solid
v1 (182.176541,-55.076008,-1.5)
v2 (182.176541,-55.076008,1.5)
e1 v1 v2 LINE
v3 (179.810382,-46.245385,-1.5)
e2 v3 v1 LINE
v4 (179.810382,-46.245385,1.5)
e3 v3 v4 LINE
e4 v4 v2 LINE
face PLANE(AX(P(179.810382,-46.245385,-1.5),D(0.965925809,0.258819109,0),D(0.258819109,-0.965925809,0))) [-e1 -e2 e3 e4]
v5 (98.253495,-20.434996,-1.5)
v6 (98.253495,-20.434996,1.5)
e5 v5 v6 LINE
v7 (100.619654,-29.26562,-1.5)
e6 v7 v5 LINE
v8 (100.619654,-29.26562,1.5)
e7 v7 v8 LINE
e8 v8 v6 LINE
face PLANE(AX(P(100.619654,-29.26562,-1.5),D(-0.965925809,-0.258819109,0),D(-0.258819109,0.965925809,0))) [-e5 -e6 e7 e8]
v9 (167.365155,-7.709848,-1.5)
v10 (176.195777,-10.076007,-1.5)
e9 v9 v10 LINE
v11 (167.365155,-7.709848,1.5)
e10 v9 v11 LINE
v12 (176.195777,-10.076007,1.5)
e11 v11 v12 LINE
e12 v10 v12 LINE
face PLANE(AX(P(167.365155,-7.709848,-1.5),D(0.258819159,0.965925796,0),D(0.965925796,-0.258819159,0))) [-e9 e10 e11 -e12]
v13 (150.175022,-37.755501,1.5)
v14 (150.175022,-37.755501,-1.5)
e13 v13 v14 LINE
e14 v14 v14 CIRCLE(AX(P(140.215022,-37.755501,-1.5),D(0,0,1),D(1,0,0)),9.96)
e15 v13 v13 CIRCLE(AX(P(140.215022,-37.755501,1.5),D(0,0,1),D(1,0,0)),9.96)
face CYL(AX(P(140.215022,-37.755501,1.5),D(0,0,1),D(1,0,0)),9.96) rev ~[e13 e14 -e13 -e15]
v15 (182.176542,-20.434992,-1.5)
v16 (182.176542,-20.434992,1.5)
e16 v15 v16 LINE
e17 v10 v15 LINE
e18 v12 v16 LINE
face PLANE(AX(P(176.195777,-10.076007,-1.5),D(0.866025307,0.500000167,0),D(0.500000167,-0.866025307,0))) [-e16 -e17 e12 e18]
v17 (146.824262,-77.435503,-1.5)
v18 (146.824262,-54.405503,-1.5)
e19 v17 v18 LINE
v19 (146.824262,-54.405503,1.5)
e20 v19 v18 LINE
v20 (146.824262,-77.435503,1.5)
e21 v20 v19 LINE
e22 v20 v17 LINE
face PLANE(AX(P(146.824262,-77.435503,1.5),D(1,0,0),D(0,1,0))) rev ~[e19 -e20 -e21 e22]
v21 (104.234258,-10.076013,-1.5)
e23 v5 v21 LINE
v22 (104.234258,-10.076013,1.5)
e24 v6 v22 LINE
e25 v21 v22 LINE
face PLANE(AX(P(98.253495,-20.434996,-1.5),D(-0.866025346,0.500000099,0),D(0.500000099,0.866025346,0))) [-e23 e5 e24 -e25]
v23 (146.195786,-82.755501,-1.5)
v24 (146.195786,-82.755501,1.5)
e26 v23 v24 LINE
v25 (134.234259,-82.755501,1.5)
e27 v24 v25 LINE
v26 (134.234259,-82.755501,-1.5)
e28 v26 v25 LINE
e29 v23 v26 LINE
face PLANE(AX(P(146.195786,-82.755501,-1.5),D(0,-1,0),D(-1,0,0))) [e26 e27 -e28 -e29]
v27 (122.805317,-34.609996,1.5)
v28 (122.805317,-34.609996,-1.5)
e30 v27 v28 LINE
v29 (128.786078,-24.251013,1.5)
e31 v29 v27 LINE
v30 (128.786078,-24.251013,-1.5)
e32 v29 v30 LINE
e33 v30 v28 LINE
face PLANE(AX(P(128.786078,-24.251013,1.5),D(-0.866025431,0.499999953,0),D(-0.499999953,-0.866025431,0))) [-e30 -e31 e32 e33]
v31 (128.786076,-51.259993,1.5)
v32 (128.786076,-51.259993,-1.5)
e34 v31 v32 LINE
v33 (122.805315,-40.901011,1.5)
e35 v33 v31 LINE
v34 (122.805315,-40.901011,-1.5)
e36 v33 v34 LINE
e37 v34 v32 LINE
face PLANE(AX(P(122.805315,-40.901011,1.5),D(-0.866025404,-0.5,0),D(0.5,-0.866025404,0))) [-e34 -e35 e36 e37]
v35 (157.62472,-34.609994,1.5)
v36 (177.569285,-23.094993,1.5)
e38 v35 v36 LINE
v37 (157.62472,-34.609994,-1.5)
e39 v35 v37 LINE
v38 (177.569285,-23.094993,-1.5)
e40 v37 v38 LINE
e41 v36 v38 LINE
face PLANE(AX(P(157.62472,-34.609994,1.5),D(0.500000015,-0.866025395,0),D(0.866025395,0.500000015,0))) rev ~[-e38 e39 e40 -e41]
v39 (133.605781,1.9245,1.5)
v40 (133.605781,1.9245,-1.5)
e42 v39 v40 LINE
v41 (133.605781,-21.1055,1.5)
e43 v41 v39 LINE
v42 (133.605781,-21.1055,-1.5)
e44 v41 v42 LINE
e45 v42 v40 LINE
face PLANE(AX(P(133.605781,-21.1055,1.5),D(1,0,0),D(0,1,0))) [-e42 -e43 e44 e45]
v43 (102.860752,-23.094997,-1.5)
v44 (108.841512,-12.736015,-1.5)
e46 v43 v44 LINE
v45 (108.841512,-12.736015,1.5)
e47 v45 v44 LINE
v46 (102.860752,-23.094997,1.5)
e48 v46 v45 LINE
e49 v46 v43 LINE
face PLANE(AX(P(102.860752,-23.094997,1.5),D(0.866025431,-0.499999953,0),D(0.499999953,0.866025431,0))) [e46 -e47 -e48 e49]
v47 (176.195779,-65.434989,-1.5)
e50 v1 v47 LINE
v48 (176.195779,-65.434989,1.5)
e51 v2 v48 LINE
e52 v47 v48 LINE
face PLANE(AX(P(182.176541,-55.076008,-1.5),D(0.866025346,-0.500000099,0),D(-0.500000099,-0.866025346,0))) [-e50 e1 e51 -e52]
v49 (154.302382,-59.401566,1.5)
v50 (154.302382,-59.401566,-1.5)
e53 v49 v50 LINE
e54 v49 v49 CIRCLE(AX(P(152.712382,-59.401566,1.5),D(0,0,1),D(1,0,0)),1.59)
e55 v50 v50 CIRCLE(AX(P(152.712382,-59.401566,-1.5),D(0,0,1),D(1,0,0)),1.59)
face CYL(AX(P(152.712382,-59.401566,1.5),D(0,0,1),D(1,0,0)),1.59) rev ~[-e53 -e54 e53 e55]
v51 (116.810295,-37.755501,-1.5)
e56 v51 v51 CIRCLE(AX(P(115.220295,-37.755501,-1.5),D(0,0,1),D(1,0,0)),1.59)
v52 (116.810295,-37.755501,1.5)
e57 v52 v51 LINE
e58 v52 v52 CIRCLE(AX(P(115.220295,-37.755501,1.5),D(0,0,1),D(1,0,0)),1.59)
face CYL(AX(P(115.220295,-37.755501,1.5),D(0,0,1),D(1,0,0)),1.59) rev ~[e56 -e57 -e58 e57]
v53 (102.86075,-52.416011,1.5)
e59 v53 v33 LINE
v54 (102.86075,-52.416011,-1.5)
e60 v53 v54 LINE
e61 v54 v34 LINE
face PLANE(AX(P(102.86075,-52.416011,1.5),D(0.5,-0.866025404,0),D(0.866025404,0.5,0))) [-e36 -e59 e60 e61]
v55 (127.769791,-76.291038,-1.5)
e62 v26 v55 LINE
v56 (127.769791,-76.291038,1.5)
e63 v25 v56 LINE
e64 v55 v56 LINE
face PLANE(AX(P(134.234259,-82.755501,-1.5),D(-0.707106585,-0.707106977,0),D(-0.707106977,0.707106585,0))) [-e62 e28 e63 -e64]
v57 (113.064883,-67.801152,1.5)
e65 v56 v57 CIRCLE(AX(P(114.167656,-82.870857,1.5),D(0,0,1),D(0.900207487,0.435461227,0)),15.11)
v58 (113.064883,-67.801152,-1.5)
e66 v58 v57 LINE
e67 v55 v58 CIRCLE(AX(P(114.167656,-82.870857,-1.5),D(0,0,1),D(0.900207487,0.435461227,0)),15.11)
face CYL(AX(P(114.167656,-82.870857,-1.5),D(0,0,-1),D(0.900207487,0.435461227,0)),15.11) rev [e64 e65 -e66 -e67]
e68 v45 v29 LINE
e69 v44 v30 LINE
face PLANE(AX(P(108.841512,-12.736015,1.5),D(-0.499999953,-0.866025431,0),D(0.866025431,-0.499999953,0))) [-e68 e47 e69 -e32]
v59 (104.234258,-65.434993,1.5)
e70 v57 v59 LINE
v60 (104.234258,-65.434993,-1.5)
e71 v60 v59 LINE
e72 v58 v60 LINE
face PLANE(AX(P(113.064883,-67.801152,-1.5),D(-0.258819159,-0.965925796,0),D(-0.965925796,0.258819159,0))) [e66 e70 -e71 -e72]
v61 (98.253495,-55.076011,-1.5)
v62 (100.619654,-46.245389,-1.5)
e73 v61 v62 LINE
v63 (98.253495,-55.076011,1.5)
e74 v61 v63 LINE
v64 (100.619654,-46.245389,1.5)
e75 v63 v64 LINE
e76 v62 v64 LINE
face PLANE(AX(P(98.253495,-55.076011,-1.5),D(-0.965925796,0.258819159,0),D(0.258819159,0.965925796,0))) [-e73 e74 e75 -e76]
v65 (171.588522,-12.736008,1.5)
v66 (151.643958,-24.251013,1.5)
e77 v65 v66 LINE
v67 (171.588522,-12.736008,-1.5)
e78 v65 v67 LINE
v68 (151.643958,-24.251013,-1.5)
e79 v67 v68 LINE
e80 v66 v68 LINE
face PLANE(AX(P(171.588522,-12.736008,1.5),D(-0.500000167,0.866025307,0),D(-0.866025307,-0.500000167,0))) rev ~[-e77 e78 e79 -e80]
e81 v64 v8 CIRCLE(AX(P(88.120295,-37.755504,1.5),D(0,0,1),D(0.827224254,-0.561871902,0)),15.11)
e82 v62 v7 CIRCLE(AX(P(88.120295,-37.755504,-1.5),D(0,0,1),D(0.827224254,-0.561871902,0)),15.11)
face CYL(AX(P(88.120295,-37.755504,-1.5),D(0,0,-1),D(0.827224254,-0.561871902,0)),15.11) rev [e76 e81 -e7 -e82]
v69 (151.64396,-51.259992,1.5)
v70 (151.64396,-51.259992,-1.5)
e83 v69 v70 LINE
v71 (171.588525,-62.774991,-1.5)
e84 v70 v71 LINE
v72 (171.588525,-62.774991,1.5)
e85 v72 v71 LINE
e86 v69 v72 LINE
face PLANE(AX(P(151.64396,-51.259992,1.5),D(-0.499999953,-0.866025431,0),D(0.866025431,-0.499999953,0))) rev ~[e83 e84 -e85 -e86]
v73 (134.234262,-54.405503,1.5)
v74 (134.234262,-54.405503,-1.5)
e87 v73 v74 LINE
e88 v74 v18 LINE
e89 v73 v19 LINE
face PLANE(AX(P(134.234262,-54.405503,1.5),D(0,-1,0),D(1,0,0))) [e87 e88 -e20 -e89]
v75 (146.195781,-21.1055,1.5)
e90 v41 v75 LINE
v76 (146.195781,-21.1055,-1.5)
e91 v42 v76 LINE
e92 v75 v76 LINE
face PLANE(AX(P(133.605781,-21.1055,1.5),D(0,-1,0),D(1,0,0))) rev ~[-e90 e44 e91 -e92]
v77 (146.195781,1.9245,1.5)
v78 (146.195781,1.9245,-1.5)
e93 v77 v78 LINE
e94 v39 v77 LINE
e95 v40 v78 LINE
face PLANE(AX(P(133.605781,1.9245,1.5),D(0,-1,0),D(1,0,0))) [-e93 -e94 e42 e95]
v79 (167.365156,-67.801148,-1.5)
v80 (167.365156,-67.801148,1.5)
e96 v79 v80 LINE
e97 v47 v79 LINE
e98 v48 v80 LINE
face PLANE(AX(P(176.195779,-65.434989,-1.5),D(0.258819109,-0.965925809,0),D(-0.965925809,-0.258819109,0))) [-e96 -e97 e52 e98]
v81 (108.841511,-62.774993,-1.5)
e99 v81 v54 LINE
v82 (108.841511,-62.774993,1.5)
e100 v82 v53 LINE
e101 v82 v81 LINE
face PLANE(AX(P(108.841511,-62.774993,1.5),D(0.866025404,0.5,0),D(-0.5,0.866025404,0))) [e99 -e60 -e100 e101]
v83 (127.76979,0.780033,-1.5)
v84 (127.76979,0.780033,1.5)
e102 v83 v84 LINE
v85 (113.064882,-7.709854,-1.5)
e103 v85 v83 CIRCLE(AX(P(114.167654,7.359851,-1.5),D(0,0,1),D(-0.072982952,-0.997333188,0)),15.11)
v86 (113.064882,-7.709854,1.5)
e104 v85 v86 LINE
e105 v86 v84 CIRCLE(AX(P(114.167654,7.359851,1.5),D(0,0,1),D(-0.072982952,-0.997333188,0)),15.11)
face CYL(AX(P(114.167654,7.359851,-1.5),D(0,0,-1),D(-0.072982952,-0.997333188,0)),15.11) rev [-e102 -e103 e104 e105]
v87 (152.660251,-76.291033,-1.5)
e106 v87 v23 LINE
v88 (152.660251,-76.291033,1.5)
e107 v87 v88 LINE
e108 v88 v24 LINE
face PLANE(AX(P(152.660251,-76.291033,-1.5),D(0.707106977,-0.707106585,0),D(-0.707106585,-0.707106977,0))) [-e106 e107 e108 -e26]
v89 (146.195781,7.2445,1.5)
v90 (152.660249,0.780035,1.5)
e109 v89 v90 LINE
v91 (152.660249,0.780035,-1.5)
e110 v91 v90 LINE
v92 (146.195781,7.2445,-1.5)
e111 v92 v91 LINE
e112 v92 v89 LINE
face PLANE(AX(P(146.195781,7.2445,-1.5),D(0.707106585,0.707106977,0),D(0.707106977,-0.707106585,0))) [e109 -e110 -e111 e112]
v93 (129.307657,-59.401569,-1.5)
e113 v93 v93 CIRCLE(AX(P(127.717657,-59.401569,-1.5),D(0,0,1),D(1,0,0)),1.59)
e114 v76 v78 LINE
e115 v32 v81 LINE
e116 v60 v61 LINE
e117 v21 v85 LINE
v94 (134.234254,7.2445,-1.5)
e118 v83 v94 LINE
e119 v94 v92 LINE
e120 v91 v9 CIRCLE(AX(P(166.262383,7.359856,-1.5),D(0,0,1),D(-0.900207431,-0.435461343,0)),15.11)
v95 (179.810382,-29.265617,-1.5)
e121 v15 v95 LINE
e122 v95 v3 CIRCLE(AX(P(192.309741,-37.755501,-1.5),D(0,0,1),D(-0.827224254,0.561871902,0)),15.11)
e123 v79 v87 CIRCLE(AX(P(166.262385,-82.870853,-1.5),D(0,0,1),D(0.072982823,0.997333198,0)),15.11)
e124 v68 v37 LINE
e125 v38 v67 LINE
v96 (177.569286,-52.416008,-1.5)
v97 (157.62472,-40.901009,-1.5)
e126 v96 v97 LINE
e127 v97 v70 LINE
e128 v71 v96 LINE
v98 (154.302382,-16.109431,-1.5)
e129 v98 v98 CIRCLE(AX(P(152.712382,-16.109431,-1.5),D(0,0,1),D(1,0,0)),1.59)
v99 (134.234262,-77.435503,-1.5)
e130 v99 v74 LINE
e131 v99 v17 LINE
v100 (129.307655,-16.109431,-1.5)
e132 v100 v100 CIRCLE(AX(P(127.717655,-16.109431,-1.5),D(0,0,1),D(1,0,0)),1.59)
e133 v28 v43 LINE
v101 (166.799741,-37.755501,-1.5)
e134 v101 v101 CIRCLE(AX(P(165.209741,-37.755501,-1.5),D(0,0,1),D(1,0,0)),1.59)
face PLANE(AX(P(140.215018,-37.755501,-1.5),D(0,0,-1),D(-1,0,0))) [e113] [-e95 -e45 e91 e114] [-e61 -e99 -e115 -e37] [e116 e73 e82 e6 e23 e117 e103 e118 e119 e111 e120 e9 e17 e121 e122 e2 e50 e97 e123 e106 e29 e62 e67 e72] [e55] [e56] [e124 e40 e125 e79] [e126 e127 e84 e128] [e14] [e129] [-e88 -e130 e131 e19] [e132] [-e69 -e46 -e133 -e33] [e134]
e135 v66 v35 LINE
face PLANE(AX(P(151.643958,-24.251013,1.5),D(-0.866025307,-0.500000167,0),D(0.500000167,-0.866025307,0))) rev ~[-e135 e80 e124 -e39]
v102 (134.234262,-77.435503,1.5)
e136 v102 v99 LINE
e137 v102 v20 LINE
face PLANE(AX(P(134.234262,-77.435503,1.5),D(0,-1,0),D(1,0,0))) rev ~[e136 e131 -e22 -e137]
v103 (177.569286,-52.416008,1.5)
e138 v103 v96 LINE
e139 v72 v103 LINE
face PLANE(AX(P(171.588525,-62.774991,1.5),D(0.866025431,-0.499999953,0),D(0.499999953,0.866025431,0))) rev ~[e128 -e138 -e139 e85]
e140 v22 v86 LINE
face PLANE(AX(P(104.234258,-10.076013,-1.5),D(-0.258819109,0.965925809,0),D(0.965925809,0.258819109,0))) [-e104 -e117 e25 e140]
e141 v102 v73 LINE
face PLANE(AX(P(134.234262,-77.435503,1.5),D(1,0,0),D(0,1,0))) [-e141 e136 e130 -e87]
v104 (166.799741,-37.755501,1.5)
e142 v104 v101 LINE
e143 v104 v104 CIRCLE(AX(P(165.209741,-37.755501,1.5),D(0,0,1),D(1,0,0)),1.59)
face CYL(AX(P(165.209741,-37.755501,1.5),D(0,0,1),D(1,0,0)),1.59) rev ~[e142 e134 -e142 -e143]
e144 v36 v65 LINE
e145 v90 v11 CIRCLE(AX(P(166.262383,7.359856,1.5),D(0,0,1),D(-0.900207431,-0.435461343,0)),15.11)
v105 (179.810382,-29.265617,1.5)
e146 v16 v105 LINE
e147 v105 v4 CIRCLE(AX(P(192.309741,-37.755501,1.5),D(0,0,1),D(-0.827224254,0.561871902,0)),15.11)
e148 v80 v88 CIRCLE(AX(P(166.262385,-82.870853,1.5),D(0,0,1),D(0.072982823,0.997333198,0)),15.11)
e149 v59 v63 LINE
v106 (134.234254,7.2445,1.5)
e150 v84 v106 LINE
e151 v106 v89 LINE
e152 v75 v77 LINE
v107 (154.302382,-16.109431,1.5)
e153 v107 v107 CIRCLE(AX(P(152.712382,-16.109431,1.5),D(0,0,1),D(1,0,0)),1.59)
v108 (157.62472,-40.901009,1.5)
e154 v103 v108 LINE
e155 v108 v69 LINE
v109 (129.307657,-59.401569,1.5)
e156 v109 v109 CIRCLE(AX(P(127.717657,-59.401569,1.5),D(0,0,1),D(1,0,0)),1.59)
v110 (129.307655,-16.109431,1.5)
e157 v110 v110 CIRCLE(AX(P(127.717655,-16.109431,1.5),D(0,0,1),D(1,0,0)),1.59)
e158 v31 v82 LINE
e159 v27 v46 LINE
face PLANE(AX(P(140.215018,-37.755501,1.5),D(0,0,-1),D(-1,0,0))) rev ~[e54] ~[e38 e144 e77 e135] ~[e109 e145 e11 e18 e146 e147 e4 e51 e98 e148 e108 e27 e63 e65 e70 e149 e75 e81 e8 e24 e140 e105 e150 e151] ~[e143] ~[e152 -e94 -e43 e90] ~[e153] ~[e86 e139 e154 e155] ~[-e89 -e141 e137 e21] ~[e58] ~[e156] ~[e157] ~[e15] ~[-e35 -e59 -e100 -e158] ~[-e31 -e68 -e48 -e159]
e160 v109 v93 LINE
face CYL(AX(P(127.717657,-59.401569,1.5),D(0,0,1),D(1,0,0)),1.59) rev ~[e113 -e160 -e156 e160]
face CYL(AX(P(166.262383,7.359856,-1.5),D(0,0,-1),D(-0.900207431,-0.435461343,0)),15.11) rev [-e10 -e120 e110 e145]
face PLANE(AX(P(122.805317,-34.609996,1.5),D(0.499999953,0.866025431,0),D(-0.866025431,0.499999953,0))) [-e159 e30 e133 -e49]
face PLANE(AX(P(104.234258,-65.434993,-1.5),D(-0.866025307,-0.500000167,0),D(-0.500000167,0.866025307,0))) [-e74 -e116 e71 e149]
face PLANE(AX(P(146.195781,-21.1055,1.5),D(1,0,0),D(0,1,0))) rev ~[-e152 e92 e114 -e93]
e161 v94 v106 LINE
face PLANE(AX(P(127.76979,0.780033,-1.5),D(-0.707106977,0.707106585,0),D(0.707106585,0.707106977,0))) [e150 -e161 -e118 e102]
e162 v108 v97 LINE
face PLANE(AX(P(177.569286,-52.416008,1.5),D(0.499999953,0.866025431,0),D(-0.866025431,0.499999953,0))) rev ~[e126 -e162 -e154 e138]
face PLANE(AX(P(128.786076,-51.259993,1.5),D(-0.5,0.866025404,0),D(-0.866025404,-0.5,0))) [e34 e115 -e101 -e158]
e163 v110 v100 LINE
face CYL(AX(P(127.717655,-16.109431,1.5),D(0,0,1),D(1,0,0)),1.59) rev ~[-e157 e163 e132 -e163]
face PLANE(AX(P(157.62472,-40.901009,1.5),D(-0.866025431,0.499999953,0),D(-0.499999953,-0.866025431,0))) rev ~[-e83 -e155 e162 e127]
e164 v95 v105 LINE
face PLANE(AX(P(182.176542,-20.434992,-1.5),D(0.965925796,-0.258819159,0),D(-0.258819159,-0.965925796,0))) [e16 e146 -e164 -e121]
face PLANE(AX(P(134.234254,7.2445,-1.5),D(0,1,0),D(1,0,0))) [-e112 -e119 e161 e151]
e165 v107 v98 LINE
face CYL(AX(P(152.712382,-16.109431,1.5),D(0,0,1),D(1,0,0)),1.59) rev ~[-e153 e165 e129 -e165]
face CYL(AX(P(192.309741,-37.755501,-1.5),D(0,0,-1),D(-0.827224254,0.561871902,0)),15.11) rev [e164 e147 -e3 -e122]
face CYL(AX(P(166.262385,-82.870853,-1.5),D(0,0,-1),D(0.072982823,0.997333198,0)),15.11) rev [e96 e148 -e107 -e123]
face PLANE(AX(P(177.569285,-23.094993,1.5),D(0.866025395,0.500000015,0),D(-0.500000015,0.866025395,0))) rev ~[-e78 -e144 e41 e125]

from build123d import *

# Parameters (mm, degrees)
BOSS_EXTRUDE1_DEPTH      = 1.5
BOSS_EXTRUDE1_DEPTH_BACK = 1.5
SKETCH2_W                = 12.59
SKETCH2_H                = 23.03
CUT_EXTRUDE1_DEPTH       = 3
SKETCH3_W                = 12.59
SKETCH3_H                = 23.03
CUT_EXTRUDE2_DEPTH       = 3
CUT_EXTRUDE3_DEPTH       = 3
CUT_EXTRUDE4_DEPTH       = 3
CUT_EXTRUDE5_DEPTH       = 3
CUT_EXTRUDE6_DEPTH       = 3
SKETCH8_R                = 9.96
CUT_EXTRUDE7_DEPTH       = 3
SKETCH9_R                = 1.59
CUT_EXTRUDE8_DEPTH       = 3
SKETCH10_R               = 1.59
CUT_EXTRUDE9_DEPTH       = 3


with BuildPart() as part:
    # Sketch1 → Boss-Extrude1 (new, two sides: drawn at the far end of the back side and taken through both)
    with BuildSketch(Plane.XY.offset(-BOSS_EXTRUDE1_DEPTH_BACK)):
        with BuildLine():
            Line((98.253494636, -20.43499635), (104.23425822, -10.0760127))
            Line((104.23425822, -10.0760127), (113.064881921, -7.709853588))
            ThreePointArc((113.064881921, -7.709853588), (121.722656845, -5.725791507), (127.769789966, 0.780032806))
            Line((127.769789966, 0.780032806), (134.234253695, 7.24450012))
            Line((134.234253695, 7.24450012), (146.195780864, 7.24450012))
            Line((146.195780864, 7.24450012), (152.660249109, 0.78003546))
            ThreePointArc((152.660249109, 0.78003546), (158.707381887, -5.725786628), (167.365155021, -7.709848177))
            Line((167.365155021, -7.709848177), (176.195776859, -10.076007288))
            Line((176.195776859, -10.076007288), (182.176542181, -20.434992087))
            Line((182.176542181, -20.434992087), (179.810382355, -29.265616594))
            ThreePointArc((179.810382355, -29.265616594), (177.199740829, -37.75550103), (179.810382355, -46.245385467))
            Line((179.810382355, -46.245385467), (182.176541113, -55.07600785))
            Line((182.176541113, -55.07600785), (176.195778722, -65.434989434))
            Line((176.195778722, -65.434989434), (167.365155827, -67.801148329))
            ThreePointArc((167.365155827, -67.801148329), (158.707382848, -69.785210553), (152.660250576, -76.291033111))
            Line((152.660250576, -76.291033111), (146.195785916, -82.755501356))
            Line((146.195785916, -82.755501356), (134.234258747, -82.755501356))
            Line((134.234258747, -82.755501356), (127.769791434, -76.291037627))
            ThreePointArc((127.769791434, -76.291037627), (121.722657806, -69.785213784), (113.064882728, -67.801152377))
            Line((113.064882728, -67.801152377), (104.23425822, -65.434992551))
            Line((104.23425822, -65.434992551), (98.253494636, -55.076010763))
            Line((98.253494636, -55.076010763), (100.619653747, -46.245388924))
            ThreePointArc((100.619653747, -46.245388924), (103.230295273, -37.755504488), (100.619653747, -29.265620052))
            Line((100.619653747, -29.265620052), (98.253494636, -20.43499635))
        make_face()
    extrude(amount=BOSS_EXTRUDE1_DEPTH + BOSS_EXTRUDE1_DEPTH_BACK)

    # Sketch2 → Cut-Extrude1 (cut)
    with BuildSketch(Plane.XY.offset(1.5)):
        with Locations((139.900780864, -9.59049988)):
            Rectangle(SKETCH2_W, SKETCH2_H)
    extrude(amount=-CUT_EXTRUDE1_DEPTH, mode=Mode.SUBTRACT)

    # Sketch3 → Cut-Extrude2 (cut)
    with BuildSketch(Plane.XY.offset(1.5)):
        with Locations((140.529262159, -65.920502947)):
            Rectangle(SKETCH3_W, SKETCH3_H)
    extrude(amount=-CUT_EXTRUDE2_DEPTH, mode=Mode.SUBTRACT)

    # Sketch4 → Cut-Extrude3 (cut)
    with BuildSketch(Plane.XY.offset(1.5)):
        Polygon((171.588522223, -12.736008176), (151.64395758, -24.251013064), (157.624720423, -34.609993567), (177.569285268, -23.094993214), align=None)
    extrude(amount=-CUT_EXTRUDE3_DEPTH, mode=Mode.SUBTRACT)

    # Sketch5 → Cut-Extrude4 (cut)
    with BuildSketch(Plane.XY.offset(1.5)):
        Polygon((102.86074998, -52.416011103), (122.80531503, -40.901011103), (128.786075877, -51.259992759), (108.841510828, -62.774992759), align=None)
    extrude(amount=-CUT_EXTRUDE4_DEPTH, mode=Mode.SUBTRACT)

    # Sketch6 → Cut-Extrude5 (cut)
    with BuildSketch(Plane.XY.offset(1.5)):
        Polygon((108.841512319, -12.736014517), (128.78607799, -24.25101344), (122.805317347, -34.609996033), (102.860751676, -23.094997111), align=None)
    extrude(amount=-CUT_EXTRUDE5_DEPTH, mode=Mode.SUBTRACT)

    # Sketch7 → Cut-Extrude6 (cut)
    with BuildSketch(Plane.XY.offset(1.5)):
        Polygon((151.643959507, -51.25999177), (171.588525178, -62.774990693), (177.569285821, -52.416008099), (157.62472015, -40.901009176), align=None)
    extrude(amount=-CUT_EXTRUDE6_DEPTH, mode=Mode.SUBTRACT)

    # Sketch8 → Cut-Extrude7 (cut)
    with BuildSketch(Plane.XY.offset(1.5)):
        with Locations((140.215021511, -37.755501414)):
            Circle(SKETCH8_R)
    extrude(amount=-CUT_EXTRUDE7_DEPTH, mode=Mode.SUBTRACT)

    # Sketch9 → Cut-Extrude8 (cut)
    with BuildSketch(Plane.XY.offset(1.5)):
        with Locations((127.717657389, -59.401568952)):
            Circle(SKETCH9_R)
    extrude(amount=-CUT_EXTRUDE8_DEPTH, mode=Mode.SUBTRACT)

    # Sketch10 → Cut-Extrude9 (cut)
    with BuildSketch(Plane.XY.offset(1.5)):
        with Locations((152.712382304, -16.10943146)):
            Circle(SKETCH10_R)
        with Locations((165.209740829, -37.75550103)):
            Circle(SKETCH10_R)
        with Locations((115.220295273, -37.75550103)):
            Circle(SKETCH10_R)
        with Locations((127.717654681, -16.10943146)):
            Circle(SKETCH10_R)
        with Locations((152.712382304, -59.40156591)):
            Circle(SKETCH10_R)
    extrude(amount=-CUT_EXTRUDE9_DEPTH, mode=Mode.SUBTRACT)


solid = part.part
